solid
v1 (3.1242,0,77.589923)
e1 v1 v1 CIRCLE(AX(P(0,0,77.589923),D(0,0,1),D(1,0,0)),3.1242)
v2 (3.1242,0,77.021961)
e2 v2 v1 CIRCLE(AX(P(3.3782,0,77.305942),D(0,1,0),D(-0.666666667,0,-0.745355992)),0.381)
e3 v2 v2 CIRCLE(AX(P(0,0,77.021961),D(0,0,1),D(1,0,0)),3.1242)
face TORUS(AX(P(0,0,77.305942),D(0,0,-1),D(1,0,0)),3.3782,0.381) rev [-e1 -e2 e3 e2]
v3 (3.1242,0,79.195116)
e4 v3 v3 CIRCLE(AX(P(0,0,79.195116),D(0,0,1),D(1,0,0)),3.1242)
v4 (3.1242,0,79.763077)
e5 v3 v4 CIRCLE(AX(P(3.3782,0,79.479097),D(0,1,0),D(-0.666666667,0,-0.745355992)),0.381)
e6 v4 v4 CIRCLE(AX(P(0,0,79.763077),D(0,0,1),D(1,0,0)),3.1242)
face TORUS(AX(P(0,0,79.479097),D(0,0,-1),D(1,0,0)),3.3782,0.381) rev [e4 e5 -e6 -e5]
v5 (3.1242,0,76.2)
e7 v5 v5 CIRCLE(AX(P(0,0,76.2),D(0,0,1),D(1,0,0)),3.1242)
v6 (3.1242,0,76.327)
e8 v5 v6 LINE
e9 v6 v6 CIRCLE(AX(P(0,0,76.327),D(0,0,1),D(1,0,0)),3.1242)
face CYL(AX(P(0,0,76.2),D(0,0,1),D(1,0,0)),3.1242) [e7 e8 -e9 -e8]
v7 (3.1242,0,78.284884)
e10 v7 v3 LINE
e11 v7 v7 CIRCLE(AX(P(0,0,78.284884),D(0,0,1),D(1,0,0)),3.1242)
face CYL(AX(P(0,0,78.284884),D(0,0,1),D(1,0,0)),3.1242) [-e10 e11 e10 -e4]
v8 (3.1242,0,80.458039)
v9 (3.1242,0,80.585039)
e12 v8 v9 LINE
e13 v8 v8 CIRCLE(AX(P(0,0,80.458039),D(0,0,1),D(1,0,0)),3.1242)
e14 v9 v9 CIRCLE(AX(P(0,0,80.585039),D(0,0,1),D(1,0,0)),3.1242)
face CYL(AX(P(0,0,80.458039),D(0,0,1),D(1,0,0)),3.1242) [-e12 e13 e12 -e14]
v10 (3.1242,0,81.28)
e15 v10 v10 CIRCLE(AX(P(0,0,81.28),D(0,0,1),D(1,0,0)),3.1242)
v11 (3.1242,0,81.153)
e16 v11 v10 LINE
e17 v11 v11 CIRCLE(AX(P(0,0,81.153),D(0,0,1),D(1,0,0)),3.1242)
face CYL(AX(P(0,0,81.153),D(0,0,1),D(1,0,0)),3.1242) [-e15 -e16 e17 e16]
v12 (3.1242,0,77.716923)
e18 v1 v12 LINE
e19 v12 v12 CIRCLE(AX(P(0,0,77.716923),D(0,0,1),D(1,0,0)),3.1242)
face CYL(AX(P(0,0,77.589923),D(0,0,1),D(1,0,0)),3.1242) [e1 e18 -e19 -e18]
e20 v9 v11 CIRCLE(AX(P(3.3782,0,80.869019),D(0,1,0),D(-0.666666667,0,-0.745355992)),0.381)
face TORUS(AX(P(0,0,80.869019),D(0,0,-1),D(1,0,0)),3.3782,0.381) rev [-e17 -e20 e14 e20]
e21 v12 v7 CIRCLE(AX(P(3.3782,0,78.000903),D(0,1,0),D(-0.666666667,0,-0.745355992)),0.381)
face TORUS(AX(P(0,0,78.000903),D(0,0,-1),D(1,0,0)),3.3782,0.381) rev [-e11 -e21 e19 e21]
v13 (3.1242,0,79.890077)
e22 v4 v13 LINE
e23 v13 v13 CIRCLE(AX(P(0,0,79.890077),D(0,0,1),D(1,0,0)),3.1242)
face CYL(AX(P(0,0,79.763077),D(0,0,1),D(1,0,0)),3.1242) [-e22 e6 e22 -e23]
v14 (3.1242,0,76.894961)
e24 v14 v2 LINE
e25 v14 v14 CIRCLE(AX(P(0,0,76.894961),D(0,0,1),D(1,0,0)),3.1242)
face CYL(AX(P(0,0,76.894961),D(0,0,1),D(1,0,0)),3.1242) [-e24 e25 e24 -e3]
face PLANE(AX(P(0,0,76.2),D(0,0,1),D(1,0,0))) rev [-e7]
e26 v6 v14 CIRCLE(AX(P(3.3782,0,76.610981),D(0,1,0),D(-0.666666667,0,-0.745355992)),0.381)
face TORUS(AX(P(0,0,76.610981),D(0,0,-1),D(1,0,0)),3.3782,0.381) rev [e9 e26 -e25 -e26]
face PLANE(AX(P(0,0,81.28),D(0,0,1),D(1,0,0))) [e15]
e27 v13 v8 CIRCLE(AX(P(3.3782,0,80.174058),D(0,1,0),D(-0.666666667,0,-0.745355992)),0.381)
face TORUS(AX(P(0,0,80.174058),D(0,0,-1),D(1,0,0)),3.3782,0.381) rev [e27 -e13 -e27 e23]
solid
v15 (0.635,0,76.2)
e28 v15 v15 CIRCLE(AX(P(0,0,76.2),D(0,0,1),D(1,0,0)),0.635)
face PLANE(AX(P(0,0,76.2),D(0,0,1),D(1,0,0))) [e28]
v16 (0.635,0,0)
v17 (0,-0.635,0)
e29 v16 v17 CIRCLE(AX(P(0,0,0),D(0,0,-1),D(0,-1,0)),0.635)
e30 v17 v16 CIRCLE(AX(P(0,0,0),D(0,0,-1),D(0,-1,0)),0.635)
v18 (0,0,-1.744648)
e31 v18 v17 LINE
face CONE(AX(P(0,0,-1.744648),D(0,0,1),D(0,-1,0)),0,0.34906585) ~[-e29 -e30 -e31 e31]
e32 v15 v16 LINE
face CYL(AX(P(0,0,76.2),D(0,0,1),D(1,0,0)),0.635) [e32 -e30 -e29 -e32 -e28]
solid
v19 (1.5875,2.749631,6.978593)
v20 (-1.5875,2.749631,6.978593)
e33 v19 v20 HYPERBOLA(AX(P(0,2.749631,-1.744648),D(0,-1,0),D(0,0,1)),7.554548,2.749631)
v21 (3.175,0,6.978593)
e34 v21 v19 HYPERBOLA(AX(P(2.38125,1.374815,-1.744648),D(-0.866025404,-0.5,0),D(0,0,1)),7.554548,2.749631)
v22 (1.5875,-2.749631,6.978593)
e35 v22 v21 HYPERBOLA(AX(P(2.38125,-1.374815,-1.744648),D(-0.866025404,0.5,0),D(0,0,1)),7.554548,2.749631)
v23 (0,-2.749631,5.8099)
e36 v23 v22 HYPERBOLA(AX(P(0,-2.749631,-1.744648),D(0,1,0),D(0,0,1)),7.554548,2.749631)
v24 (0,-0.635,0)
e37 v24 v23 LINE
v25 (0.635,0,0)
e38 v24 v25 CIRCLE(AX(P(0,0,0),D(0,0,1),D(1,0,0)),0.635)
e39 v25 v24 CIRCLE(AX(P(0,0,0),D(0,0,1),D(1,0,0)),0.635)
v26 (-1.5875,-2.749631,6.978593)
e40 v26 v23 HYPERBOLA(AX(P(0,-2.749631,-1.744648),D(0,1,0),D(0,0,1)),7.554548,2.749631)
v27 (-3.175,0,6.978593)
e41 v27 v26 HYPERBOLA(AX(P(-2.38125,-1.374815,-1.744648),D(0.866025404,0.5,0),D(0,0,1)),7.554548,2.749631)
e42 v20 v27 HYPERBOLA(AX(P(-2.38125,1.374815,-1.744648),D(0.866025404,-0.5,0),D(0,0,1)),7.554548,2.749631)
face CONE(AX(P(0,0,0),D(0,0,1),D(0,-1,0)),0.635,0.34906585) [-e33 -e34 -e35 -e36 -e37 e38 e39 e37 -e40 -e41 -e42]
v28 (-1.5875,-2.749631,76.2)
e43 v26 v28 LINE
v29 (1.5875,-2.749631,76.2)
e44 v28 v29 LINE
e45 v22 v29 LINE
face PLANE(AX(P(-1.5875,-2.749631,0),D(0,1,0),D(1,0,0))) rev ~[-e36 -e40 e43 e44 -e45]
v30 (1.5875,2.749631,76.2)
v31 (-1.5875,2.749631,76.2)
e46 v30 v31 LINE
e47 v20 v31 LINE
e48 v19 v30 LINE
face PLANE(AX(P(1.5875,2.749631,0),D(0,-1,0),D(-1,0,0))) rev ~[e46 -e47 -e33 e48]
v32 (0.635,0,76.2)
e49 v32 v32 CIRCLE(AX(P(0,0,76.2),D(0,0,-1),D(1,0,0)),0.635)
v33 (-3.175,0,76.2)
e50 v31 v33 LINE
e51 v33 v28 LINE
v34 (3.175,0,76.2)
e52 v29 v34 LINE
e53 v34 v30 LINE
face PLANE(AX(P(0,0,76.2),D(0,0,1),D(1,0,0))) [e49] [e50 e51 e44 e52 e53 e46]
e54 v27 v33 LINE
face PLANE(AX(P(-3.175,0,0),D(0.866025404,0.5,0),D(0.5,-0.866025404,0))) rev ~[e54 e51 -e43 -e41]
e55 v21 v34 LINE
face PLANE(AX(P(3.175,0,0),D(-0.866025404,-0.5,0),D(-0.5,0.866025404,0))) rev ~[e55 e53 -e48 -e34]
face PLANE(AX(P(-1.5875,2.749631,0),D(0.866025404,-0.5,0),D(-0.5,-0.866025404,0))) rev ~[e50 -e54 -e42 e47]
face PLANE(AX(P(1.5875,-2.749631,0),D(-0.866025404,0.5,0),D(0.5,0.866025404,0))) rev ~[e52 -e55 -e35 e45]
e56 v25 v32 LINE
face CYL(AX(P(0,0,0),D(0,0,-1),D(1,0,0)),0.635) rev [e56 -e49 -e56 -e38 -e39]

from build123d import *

# Parameters (mm, degrees)
F1_DEPTH = 76.2
F2_R     = 0.635
F3_DEPTH = 76.201
F6_R     = 0.635
F7_DEPTH = 129.54


with BuildPart() as f1:
    # F0 (on Top) → F1 (new body)
    with BuildSketch(Plane.XY):
        Polygon((-1.5875, 2.749630657), (-3.175, 0), (-1.5875, -2.749630657), (1.5875, -2.749630657), (3.175, 0), (1.5875, 2.749630657), align=None)
    extrude(amount=F1_DEPTH)

    # F2 (on Top) → F3 (cut, through all)
    with BuildSketch(Plane.XY):
        Circle(F2_R)
    extrude(amount=F3_DEPTH, mode=Mode.SUBTRACT)

    # F4 (on Right) → F5 (revolve, cut)
    with BuildSketch(Plane.YZ):
        Polygon((-0.635, 0), (-5.2574219752, 12.7), (-5.2574219752, 0), align=None)
    revolve(axis=Axis((0, 0, 6.35), (0, 0, 1)), mode=Mode.SUBTRACT)


with BuildPart() as f7:
    # F6 (on face) → F7 (new body)
    with BuildSketch(Plane.XY.offset(76.2)):
        Circle(F6_R)
    extrude(amount=-F7_DEPTH)

    # F8 (on Right) → F9 (revolve, cut)
    with BuildSketch(Plane.YZ):
        Polygon((0, -1.7446481614), (-0.635, 0), (-0.635, -53.34), (0, -53.34), align=None)
    revolve(axis=Axis((0, 0, -26.67), (0, 0, -1)), mode=Mode.SUBTRACT)


with BuildPart() as f11:
    # F10 (on Front) → F11 (revolve)
    with BuildSketch(Plane.XZ):
        with BuildLine():
            Line((0, 81.28), (0, 76.2))
            Line((0, 76.2), (3.1242, 76.2))
            Line((3.1242, 76.2), (3.1242, 76.327))
            ThreePointArc((3.1242, 76.327), (2.9972, 76.6109806331), (3.1242, 76.8949612663))
            Line((3.1242, 76.8949612663), (3.1242, 77.0219612663))
            ThreePointArc((3.1242, 77.0219612663), (2.9972, 77.3059418994), (3.1242, 77.5899225326))
            Line((3.1242, 77.5899225326), (3.1242, 77.7169225326))
            ThreePointArc((3.1242, 77.7169225326), (2.9972, 78.0009031657), (3.1242, 78.2848837989))
            Line((3.1242, 78.2848837989), (3.1242, 79.1951162011))
            ThreePointArc((3.1242, 79.1951162011), (2.9972, 79.4790968343), (3.1242, 79.7630774674))
            Line((3.1242, 79.7630774674), (3.1242, 79.8900774674))
            ThreePointArc((3.1242, 79.8900774674), (2.9972, 80.1740581006), (3.1242, 80.4580387337))
            Line((3.1242, 80.4580387337), (3.1242, 80.5850387337))
            ThreePointArc((3.1242, 80.5850387337), (2.9972, 80.8690193669), (3.1242, 81.153))
            Line((3.1242, 81.153), (3.1242, 81.28))
            Line((3.1242, 81.28), (0, 81.28))
        make_face()
    revolve(axis=Axis((0, 0, 105.6698518753), (0, 0, 1)))


solid = Compound([f1.part, f7.part, f11.part])
